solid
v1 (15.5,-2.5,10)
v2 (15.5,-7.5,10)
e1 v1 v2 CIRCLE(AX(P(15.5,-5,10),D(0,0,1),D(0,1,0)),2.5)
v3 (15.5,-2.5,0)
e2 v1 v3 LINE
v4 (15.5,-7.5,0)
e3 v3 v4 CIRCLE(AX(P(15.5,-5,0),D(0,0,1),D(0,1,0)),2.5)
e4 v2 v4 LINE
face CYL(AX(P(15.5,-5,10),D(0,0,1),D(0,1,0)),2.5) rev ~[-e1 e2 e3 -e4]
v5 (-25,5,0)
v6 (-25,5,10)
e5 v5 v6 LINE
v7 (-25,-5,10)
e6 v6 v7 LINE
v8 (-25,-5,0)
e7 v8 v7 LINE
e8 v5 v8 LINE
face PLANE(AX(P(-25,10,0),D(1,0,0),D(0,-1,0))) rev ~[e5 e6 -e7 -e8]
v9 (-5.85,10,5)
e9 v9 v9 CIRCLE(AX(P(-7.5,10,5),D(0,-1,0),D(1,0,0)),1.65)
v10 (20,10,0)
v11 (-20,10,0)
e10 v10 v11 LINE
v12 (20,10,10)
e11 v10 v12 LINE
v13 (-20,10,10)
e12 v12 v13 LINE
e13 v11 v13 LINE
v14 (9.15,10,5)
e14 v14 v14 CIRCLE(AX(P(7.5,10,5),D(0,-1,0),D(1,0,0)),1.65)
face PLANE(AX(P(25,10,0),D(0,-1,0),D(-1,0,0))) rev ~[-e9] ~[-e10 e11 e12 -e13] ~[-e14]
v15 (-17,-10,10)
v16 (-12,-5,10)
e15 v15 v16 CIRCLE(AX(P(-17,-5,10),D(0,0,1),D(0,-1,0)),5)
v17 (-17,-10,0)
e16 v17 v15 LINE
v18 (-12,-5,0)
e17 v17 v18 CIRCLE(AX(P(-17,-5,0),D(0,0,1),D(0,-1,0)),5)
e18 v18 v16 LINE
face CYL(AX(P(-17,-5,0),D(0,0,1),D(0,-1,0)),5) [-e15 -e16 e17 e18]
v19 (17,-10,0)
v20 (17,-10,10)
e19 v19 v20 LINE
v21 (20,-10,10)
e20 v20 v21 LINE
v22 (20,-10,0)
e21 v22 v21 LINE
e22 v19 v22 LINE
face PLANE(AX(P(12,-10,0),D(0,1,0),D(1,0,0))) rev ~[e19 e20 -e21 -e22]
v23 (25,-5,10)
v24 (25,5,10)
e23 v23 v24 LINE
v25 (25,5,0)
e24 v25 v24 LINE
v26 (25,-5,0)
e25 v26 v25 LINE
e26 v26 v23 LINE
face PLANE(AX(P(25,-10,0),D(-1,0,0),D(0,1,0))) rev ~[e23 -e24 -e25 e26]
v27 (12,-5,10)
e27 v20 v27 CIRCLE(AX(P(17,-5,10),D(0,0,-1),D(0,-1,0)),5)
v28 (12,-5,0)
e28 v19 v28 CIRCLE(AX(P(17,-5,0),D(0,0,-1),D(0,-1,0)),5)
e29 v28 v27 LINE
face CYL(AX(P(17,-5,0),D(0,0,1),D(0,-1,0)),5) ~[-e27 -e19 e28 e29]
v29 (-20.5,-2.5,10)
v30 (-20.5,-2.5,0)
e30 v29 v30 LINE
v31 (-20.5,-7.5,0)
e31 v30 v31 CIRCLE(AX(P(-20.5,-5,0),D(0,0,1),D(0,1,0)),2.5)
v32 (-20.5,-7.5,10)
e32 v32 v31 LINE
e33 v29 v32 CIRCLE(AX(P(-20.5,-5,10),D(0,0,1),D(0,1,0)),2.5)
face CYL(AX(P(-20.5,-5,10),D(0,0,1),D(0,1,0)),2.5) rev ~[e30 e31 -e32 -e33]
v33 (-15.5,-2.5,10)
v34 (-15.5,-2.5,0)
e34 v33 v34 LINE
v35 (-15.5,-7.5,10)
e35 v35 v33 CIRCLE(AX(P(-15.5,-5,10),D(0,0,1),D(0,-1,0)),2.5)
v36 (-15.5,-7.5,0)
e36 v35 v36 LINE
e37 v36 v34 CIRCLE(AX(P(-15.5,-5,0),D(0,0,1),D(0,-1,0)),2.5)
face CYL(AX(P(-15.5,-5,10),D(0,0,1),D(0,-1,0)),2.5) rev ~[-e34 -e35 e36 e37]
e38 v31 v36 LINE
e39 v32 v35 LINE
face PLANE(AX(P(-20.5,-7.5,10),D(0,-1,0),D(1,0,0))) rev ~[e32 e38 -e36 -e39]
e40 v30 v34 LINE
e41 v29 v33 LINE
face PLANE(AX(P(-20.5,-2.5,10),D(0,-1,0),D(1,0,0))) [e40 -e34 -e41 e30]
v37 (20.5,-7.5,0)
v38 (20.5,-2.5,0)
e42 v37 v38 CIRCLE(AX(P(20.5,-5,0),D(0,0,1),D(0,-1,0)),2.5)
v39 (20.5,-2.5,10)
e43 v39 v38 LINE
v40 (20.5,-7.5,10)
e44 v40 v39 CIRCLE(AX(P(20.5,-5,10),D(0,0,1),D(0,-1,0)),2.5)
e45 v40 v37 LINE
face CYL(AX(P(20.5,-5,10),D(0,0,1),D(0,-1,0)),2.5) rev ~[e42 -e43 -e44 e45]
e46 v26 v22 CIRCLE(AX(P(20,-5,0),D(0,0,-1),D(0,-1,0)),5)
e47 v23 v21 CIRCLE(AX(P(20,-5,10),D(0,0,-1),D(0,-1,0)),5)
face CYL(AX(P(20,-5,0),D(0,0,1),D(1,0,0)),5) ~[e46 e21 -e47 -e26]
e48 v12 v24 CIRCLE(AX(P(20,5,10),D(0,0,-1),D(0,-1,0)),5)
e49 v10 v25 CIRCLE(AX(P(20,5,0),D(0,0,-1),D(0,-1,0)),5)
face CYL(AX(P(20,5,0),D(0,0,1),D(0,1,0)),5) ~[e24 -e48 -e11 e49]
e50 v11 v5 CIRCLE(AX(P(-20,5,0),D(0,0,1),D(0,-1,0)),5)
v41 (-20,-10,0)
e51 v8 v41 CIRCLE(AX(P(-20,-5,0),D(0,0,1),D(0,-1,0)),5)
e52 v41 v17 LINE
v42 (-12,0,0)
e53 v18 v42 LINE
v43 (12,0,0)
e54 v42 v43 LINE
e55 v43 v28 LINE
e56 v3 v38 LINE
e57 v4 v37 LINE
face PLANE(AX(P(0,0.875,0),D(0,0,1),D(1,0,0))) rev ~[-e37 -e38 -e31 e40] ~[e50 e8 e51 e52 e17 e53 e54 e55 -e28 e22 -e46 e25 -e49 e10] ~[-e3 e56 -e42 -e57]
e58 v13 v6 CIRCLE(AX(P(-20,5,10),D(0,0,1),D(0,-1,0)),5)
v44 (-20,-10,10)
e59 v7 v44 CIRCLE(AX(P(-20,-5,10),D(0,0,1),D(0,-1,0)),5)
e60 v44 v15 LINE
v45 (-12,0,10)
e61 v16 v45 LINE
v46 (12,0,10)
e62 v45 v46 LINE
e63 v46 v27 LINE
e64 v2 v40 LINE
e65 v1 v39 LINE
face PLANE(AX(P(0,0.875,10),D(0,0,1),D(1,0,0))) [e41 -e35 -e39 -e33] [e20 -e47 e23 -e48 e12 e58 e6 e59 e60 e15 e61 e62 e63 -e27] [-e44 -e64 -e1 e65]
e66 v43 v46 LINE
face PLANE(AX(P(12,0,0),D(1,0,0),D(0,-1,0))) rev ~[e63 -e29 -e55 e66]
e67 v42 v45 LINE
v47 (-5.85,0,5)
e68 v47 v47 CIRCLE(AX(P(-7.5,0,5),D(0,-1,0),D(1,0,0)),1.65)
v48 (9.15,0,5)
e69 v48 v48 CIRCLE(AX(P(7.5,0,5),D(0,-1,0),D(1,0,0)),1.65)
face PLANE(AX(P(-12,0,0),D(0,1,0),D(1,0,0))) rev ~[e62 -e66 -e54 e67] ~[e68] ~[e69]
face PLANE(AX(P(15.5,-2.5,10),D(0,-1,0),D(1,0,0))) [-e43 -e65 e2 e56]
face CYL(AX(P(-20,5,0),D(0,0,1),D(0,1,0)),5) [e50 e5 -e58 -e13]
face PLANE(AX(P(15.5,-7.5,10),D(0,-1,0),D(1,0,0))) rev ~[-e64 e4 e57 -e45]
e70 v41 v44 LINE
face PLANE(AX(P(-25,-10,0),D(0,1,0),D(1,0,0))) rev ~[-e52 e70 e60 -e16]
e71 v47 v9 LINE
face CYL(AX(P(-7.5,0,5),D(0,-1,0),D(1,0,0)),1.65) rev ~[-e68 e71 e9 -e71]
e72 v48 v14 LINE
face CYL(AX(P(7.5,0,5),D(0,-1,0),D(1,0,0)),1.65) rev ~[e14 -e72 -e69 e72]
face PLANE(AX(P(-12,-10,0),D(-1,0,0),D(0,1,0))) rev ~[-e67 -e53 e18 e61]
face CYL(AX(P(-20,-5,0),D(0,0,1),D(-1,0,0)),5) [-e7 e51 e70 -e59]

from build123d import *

# Parameters (mm, degrees)
F1_DEPTH = 10
F2_W     = 5
F2_H     = 5
F3_DEPTH = 10
F4_R     = 1.65
F5_DEPTH = 10.001
F6_R     = 5


with BuildPart() as f1:
    # F0 (on Top) → F1 (new body)
    with BuildSketch(Plane.XY):
        Polygon((25, 10), (-25, 10), (-25, -10), (-12, -10), (-12, 0), (12, 0), (12, -10), (25, -10), align=None)
    extrude(amount=F1_DEPTH)

    # F2 (on face) → F3 (cut)
    with BuildSketch(Plane.XY.offset(10)):
        with Locations((-18, -5)):
            Rectangle(F2_W, F2_H)
        with BuildLine():
            Line((-20.5, -7.5), (-20.5, -2.5))
            ThreePointArc((-20.5, -2.5), (-23, -5), (-20.5, -7.5))
        make_face()
        with BuildLine():
            ThreePointArc((-15.5, -7.5), (-13, -5), (-15.5, -2.5))
            Line((-15.5, -2.5), (-15.5, -7.5))
        make_face()
        with Locations((18, -5)):
            Rectangle(F2_W, F2_H)
        with BuildLine():
            Line((15.5, -7.5), (15.5, -2.5))
            ThreePointArc((15.5, -2.5), (13, -5), (15.5, -7.5))
        make_face()
        with BuildLine():
            ThreePointArc((20.5, -7.5), (23, -5), (20.5, -2.5))
            Line((20.5, -2.5), (20.5, -7.5))
        make_face()
    extrude(amount=-F3_DEPTH, mode=Mode.SUBTRACT)

    # F4 (on face) → F5 (cut, through all)
    with BuildSketch(Plane.XZ):
        with Locations((-7.5, 5)):
            Circle(F4_R)
        with Locations((7.5, 5)):
            Circle(F4_R)
    extrude(amount=-F5_DEPTH, mode=Mode.SUBTRACT)

    # F6
    f6_edges = [f1.edges().sort_by_distance(p)[0] for p in [
        (-25, -10, 5),
        (-12, -10, 5),
        (12, -10, 5),
        (25, -10, 5),
        (25, 10, 5),
        (-25, 10, 5),
    ]]
    fillet(f6_edges, radius=F6_R)


solid = f1.part
